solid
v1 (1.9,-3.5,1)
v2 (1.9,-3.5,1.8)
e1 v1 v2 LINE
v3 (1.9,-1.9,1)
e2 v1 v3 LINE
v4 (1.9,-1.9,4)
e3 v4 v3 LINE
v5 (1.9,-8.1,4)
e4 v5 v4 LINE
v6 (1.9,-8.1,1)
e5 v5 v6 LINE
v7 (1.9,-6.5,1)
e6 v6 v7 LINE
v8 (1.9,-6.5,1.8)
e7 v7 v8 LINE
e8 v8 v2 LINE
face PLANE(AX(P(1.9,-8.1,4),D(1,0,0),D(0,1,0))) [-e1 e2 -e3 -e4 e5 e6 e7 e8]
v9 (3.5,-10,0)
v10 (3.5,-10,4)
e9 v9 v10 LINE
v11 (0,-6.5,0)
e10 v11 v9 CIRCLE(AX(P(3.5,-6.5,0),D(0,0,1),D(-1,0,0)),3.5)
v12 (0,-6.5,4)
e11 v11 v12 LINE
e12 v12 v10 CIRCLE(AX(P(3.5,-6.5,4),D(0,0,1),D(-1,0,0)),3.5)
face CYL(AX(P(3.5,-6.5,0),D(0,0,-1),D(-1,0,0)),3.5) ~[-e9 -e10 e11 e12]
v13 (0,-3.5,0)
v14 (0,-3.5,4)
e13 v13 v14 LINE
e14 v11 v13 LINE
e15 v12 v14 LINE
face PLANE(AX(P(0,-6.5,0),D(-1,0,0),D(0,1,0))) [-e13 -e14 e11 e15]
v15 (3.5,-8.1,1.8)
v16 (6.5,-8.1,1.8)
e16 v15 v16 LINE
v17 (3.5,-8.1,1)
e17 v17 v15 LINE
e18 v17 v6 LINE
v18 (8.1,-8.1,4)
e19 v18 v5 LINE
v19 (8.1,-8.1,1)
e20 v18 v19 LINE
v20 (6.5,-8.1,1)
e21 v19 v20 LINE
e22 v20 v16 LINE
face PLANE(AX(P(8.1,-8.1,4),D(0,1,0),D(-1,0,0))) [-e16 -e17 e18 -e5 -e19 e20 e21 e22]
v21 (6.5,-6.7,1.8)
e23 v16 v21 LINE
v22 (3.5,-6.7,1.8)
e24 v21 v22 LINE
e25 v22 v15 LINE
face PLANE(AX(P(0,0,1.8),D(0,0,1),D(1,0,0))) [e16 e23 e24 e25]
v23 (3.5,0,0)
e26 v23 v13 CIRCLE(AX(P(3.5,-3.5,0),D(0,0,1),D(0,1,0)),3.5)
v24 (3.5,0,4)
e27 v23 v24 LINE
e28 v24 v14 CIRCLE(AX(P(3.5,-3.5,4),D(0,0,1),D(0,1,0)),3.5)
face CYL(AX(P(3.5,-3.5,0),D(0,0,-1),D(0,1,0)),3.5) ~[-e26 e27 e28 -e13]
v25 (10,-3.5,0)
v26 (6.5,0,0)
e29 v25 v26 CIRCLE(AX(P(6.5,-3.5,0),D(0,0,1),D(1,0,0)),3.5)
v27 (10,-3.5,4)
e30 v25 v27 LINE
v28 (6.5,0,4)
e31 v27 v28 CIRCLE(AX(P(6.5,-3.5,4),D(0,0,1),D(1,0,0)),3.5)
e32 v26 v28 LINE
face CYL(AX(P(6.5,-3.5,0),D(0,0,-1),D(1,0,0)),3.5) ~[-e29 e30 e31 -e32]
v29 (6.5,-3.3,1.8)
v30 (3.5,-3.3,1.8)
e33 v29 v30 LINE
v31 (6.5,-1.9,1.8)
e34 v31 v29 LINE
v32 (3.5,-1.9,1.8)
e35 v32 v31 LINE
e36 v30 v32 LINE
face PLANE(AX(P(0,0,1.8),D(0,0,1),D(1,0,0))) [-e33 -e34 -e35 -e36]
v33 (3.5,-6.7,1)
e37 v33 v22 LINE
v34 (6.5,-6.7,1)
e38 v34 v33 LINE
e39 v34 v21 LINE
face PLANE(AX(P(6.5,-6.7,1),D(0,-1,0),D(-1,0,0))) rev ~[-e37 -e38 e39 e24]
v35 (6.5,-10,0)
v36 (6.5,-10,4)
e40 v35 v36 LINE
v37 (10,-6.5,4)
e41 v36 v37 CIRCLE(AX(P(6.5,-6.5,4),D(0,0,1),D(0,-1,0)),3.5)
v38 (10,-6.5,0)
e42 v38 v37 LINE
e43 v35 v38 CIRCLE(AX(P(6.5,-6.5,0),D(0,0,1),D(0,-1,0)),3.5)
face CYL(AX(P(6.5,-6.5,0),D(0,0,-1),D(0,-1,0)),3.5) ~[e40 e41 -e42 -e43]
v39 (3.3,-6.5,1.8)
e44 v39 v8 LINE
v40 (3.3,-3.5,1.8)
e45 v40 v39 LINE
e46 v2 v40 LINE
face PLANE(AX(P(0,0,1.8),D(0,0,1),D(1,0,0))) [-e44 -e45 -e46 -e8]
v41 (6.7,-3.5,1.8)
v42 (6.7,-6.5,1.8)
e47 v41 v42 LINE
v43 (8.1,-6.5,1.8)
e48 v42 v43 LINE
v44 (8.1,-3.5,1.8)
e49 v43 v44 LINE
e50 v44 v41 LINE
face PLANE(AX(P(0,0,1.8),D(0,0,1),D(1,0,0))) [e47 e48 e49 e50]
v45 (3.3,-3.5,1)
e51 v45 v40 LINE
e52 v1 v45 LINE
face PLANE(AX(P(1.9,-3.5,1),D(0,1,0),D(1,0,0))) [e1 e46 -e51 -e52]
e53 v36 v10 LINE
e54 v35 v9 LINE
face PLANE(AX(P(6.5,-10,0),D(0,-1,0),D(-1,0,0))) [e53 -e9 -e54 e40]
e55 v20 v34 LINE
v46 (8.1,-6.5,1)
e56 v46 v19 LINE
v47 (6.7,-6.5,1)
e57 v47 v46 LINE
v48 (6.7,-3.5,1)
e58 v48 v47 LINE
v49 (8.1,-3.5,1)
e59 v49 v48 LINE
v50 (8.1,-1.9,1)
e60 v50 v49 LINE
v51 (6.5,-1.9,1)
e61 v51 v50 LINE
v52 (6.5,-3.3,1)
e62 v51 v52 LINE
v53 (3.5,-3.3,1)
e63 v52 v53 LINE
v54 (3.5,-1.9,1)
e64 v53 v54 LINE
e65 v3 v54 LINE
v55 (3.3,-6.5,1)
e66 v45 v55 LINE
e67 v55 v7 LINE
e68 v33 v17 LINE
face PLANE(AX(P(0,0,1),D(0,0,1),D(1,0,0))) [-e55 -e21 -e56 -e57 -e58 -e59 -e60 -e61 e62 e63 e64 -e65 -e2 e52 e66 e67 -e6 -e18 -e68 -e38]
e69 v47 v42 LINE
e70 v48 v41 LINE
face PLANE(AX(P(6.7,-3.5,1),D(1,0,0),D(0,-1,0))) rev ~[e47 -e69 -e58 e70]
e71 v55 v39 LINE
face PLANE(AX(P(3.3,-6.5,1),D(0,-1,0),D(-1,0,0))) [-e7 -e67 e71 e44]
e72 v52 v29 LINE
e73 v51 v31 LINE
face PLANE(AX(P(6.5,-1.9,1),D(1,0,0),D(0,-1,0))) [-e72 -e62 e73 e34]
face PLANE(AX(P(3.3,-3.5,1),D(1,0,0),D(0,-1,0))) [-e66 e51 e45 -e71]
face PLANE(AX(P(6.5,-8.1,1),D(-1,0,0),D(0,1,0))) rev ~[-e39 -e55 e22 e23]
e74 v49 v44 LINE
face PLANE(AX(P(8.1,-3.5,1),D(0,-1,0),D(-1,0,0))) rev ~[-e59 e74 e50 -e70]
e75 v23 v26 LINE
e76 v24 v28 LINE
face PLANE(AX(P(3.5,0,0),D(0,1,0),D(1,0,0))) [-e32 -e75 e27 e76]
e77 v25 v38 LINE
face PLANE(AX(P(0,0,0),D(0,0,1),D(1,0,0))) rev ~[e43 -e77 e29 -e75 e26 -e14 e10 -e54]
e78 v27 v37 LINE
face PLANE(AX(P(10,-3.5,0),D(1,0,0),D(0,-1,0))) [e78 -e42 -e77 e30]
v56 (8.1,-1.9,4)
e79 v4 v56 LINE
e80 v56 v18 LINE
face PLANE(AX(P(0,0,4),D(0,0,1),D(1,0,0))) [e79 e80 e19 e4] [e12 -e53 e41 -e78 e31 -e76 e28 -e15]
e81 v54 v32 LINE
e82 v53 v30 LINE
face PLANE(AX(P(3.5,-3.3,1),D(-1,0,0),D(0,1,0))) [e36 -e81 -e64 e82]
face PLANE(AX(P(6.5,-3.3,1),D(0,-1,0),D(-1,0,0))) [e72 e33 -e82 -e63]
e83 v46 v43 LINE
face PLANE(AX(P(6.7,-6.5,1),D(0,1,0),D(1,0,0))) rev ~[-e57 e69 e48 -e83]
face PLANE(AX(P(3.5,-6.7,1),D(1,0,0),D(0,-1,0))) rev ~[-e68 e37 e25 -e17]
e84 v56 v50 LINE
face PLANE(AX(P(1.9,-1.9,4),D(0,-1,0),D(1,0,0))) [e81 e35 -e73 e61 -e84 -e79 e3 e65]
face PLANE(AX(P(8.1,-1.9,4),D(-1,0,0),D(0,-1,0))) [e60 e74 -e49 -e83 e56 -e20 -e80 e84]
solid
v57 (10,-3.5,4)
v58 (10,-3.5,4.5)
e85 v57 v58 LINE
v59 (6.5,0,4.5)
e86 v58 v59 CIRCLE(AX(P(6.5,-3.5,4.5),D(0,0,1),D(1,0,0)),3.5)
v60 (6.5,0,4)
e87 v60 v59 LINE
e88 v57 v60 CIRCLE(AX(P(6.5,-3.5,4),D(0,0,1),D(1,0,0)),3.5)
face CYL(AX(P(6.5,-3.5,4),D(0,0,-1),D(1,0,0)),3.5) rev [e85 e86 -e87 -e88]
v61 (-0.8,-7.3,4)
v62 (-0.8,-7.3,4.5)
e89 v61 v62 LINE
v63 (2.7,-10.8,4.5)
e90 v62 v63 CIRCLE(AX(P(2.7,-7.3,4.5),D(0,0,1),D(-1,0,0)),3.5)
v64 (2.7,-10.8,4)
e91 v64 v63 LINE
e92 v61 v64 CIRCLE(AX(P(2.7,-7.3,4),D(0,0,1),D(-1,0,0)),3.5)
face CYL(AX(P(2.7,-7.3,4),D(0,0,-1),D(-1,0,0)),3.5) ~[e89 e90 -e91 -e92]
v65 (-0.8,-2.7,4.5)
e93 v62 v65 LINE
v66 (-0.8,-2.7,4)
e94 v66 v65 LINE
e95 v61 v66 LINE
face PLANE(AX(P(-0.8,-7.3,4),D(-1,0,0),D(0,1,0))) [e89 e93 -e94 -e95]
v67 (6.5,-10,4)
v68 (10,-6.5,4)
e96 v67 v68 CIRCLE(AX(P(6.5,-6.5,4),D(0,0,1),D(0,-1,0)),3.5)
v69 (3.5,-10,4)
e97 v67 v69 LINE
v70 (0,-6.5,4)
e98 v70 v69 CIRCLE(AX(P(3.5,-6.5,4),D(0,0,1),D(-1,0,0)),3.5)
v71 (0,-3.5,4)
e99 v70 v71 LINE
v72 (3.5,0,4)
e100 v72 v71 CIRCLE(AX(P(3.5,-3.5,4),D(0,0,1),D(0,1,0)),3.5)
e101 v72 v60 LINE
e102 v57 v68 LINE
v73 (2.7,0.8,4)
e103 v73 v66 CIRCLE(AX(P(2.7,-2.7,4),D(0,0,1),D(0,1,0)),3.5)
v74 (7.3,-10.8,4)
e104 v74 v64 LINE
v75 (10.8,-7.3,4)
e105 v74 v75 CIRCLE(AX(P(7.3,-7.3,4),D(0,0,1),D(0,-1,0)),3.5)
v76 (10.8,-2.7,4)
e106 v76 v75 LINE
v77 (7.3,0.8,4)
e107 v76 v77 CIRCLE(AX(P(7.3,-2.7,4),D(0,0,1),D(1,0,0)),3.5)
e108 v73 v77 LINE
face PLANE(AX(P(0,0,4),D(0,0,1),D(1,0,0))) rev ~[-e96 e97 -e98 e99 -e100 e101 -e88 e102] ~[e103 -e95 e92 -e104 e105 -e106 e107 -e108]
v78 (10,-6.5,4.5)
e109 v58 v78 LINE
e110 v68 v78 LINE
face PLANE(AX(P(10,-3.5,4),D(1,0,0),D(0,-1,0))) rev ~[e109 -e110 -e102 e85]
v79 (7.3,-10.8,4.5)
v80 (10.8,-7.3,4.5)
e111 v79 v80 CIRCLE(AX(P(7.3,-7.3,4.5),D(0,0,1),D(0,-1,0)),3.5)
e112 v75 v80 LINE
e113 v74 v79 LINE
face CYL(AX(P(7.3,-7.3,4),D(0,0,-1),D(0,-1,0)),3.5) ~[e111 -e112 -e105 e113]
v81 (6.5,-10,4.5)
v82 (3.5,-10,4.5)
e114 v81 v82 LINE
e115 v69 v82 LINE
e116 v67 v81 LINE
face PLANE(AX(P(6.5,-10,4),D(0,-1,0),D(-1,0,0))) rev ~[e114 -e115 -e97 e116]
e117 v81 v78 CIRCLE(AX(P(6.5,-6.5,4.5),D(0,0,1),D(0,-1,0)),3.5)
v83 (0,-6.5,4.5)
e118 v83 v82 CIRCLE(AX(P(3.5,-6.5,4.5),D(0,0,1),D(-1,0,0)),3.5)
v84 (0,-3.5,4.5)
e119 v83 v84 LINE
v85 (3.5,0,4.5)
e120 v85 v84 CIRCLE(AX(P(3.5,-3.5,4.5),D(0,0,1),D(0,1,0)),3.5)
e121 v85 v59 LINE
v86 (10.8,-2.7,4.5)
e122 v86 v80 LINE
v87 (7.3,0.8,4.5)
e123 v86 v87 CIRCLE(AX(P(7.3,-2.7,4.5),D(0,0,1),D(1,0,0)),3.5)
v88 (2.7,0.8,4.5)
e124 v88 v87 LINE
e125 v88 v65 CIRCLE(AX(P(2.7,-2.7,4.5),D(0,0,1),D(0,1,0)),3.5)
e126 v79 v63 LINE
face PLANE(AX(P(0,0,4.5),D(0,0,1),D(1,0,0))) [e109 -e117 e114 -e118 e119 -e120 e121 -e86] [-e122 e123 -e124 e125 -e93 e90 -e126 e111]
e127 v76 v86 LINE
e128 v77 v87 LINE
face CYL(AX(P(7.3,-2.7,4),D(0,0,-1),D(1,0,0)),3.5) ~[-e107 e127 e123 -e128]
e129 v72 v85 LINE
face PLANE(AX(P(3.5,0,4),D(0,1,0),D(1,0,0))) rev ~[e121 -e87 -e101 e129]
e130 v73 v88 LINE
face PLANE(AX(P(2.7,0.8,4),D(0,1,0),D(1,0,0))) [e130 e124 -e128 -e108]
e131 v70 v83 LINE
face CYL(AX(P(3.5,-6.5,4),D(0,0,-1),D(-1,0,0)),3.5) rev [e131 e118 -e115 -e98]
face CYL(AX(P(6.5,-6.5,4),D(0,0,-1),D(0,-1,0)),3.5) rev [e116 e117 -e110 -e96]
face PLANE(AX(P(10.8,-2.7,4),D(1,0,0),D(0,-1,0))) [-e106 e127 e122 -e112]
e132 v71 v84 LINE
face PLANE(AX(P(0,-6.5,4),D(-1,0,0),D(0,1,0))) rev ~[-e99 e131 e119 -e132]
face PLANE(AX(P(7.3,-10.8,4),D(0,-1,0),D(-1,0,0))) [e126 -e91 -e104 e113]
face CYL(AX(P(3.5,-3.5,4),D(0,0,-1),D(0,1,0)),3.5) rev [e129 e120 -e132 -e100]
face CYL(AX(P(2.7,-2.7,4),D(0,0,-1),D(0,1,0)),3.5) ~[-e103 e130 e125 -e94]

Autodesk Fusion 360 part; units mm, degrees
sketch "Esquisse1" plane through (0, 0, 0) normal (0, 0, 1) x (1, 0, 0)
  line L0 (3.5, 0) -> (6.5, 0)
  line L1 (10, -3.5) -> (10, -6.5)
  line L2 (6.5, -10) -> (3.5, -10)
  line L3 (0, -6.5) -> (0, -3.5)
  arc A0 (3.5, 0) -> (0, -3.5) centre (3.5, -3.5) ccw
  arc A1 (10, -3.5) -> (6.5, 0) centre (6.5, -3.5) ccw
  arc A2 (6.5, -10) -> (10, -6.5) centre (6.5, -6.5) ccw
  arc A3 (0, -6.5) -> (3.5, -10) centre (3.5, -6.5) ccw
  point P0 (10, 0)
  point P1 (0, -10)
  dimension "d2" = 10
  dimension "d3" = 10
  dimension "d4" = 3.5
  dimension "d6" = 3.5
  dimension "d7" = 3.5
  dimension "d8" = 3.5
extrude "Extrusion1" add sketch "Esquisse1" along normal blind 4
ref_plane "Plan de construction1" through (0, 0, 4) normal (0, 0, 1) x (1, 0, 0)
sketch "button" plane through (0, 0, 4) normal (0, 0, 1) x (1, 0, 0)
  line L0 (0, 0) -> (1.9, 0) construction
  line L1 (0, 0) -> (0, -1.9) construction
  line L2 (1.9, 0) -> (1.9, -10) construction
  line L3 (0, -1.9) -> (10, -1.9) construction
  line L4 (1.9, -1.9) -> (8.1, -1.9)
  line L5 (8.1, -1.9) -> (8.1, -8.1)
  line L6 (8.1, -8.1) -> (1.9, -8.1)
  line L7 (1.9, -8.1) -> (1.9, -1.9)
  point P0 (1.9, -1.9)
  dimension "d14" = 1.9
  dimension "d15" = 1.9
  dimension "d16" = 10
  dimension "d17" = 10
  dimension "d18" = 6.2
  dimension "d19" = 6.2
extrude "Extrude2" cut sketch "button" against normal blind 3
ref_plane "WorkPlane2" through (0, 0, 1) normal (0, 0, 1) x (1, 0, 0)
sketch "buttonHolder" plane through (0, 0, 1) normal (0, 0, 1) x (1, 0, 0)
  line L0 (0, 0) -> (3.5, 0) construction
  line L1 (0, 0) -> (0, -1.9) construction
  line L2 (3.5, 0) -> (3.5, -10) construction
  line L3 (0, -1.9) -> (10, -1.9) construction
  line L4 (3.5, -1.9) -> (6.5, -1.9)
  line L5 (6.5, -1.9) -> (6.5, -3.3)
  line L6 (6.5, -3.3) -> (3.5, -3.3)
  line L7 (3.5, -3.3) -> (3.5, -1.9)
  line L8 (0, 0) -> (0, -8.1) construction
  line L9 (0, -8.1) -> (10, -8.1) construction
  line L10 (3.5, -8.1) -> (6.5, -8.1)
  line L11 (6.5, -8.1) -> (6.5, -6.7)
  line L12 (6.5, -6.7) -> (3.5, -6.7)
  line L13 (3.5, -6.7) -> (3.5, -8.1)
  line L14 (0, 0) -> (1.9, 0) construction
  line L15 (1.9, 0) -> (1.9, -3.5) construction
  line L16 (1.9, -3.5) -> (3.3, -3.5)
  line L17 (3.3, -3.5) -> (3.3, -6.5)
  line L18 (3.3, -6.5) -> (1.9, -6.5)
  line L19 (1.9, -6.5) -> (1.9, -3.5)
  line L20 (0, 0) -> (8.1, 0) construction
  line L21 (8.1, 0) -> (8.1, -3.5) construction
  line L22 (8.1, -3.5) -> (6.7, -3.5)
  line L23 (6.7, -3.5) -> (6.7, -6.5)
  line L24 (6.7, -6.5) -> (8.1, -6.5)
  line L25 (8.1, -6.5) -> (8.1, -3.5)
  point P0 (3.5, -1.9)
  point P1 (3.5, -8.1)
  dimension "d25" = 3.5
  dimension "d26" = 1.9
  dimension "d27" = 10
  dimension "d28" = 10
  dimension "d29" = 3
  dimension "d30" = 1.4
  dimension "d32" = 8.1
  dimension "d33" = 10
  dimension "d34" = 3
  dimension "d35" = 1.4
  dimension "d36" = 1.9
  dimension "d37" = 3.5
  dimension "d38" = 1.4
  dimension "d39" = 3
  dimension "d40" = 8.1
  dimension "d41" = 3.5
  dimension "d42" = 1.4
  dimension "d43" = 3
extrude "Extrude3" add sketch "buttonHolder" along normal blind 0.8
sketch "collar" plane through (0, 0, 4) normal (0, 0, 1) x (1, 0, 0)
  line L0 (2.7, 0.8) -> (7.3, 0.8)
  line L1 (-0.8, -7.3) -> (-0.8, -2.7)
  line L2 (10.8, -2.7) -> (10.8, -7.3)
  arc A0 (10.8, -2.7) -> (7.3, 0.8) centre (7.3, -2.7) ccw
  line L3 (7.3, -10.8) -> (2.7, -10.8)
  arc A1 (7.3, -10.8) -> (10.8, -7.3) centre (7.3, -7.3) ccw
  arc A2 (2.7, 0.8) -> (-0.8, -2.7) centre (2.7, -2.7) ccw
  arc A3 (-0.8, -7.3) -> (2.7, -10.8) centre (2.7, -7.3) ccw
  line L4 (0, 0) -> (-0.8, 0) construction
  line L5 (-0.8, 0) -> (-0.8, 0.8) construction
  line L6 (-0.8, 0.8) -> (0, 0.8) construction
  line L7 (0, 0.8) -> (0, 0) construction
  point P0 (10.8, 0.8)
  point P1 (-0.8, -10.8)
  point P2 (-0.8, 0.8)
  point P3 (-0.8, 0.8)
  dimension "d47" = 11.6
  dimension "d48" = 11.6
  dimension "d49" = 3.5
  dimension "d50" = 3.5
  dimension "d51" = 3.5
  dimension "d52" = 3.5
  dimension "d54" = 0.8
  dimension "d55" = 0.8
extrude "Extrude4" add sketch "collar" along normal blind 0.5
sketch "innerCollar" plane through (0, 0, 4) normal (0, 0, 1) x (1, 0, 0)
  line L0 (6.5, -10) -> (3.5, -10)
  arc A0 (0, -6.5) -> (3.5, -10) centre (3.5, -6.5) ccw
  arc A1 (6.5, -10) -> (10, -6.5) centre (6.5, -6.5) ccw
  arc A2 (3.5, 0) -> (0, -3.5) centre (3.5, -3.5) ccw
  line L1 (10, -3.5) -> (10, -6.5)
  arc A3 (10, -3.5) -> (6.5, 0) centre (6.5, -3.5) ccw
  line L2 (0, -6.5) -> (0, -3.5)
  line L3 (3.5, 0) -> (6.5, 0)
  point P0 (10, 0)
  point P1 (0, -10)
  dimension "d59" = 10
  dimension "d60" = 10
  dimension "d61" = 3.5
  dimension "d62" = 3.5
  dimension "d63" = 3.5
  dimension "d64" = 3.5
extrude "Extrude5" cut sketch "innerCollar" along normal blind 0.5
equation "capSize = 10 mm"
equation "d2 = capSize"
equation "d3 = capSize"
equation "d4 = capRadius"
equation "capRadius = 3.5 mm"
equation "d6 = capRadius"
equation "d7 = capRadius"
equation "d8 = capRadius"
equation "d9 = capHeight"
equation "capHeight = 4 mm"
equation "d12 = capHeight"
equation "buttonSize = 6.2 mm"
equation "d14 = ( capSize - buttonSize ) / 2"
equation "d15 = ( capSize - buttonSize ) / 2"
equation "d16 = capSize"
equation "d17 = capSize"
equation "d18 = buttonSize"
equation "d19 = buttonSize"
equation "d20 = -buttonHeight"
equation "buttonHeight = 3 mm"
equation "d23 = -buttonHeight"
equation "buttonHolderLength = 3 mm"
equation "d25 = ( capSize - buttonHolderLength ) / 2"
equation "d26 = ( capSize - buttonSize ) / 2"
equation "d27 = capSize"
equation "d28 = capSize"
equation "d29 = buttonHolderLength"
equation "d30 = buttonHolderWidth"
equation "buttonHolderWidth = 1.4 mm"
equation "d32 = capSize - ( ( capSize - buttonSize ) / 2 )"
equation "d33 = capSize"
equation "d34 = buttonHolderLength"
equation "d35 = buttonHolderWidth"
equation "d36 = ( capSize - buttonSize ) / 2"
equation "d37 = ( capSize - buttonHolderLength ) / 2"
equation "d38 = buttonHolderWidth"
equation "d39 = buttonHolderLength"
equation "d40 = capSize - ( ( capSize - buttonSize ) / 2 )"
equation "d41 = ( capSize - buttonHolderLength ) / 2"
equation "d42 = buttonHolderWidth"
equation "d43 = buttonHolderLength"
equation "buttonHolderHeight = 0.8 mm"
equation "d45 = buttonHolderHeight"
equation "d47 = capSize + ( 2 * collarSize )"
equation "d48 = capSize + ( 2 * collarSize )"
equation "d49 = capRadius"
equation "d50 = capRadius"
equation "d51 = capRadius"
equation "d52 = capRadius"
equation "collarSize = 0.8 mm"
equation "d54 = collarSize"
equation "d55 = collarSize"
equation "collarHeight = 0.5 mm"
equation "d57 = collarHeight"
equation "d59 = capSize"
equation "d60 = capSize"
equation "d61 = capRadius"
equation "d62 = capRadius"
equation "d63 = capRadius"
equation "d64 = capRadius"
equation "d65 = collarHeight"
